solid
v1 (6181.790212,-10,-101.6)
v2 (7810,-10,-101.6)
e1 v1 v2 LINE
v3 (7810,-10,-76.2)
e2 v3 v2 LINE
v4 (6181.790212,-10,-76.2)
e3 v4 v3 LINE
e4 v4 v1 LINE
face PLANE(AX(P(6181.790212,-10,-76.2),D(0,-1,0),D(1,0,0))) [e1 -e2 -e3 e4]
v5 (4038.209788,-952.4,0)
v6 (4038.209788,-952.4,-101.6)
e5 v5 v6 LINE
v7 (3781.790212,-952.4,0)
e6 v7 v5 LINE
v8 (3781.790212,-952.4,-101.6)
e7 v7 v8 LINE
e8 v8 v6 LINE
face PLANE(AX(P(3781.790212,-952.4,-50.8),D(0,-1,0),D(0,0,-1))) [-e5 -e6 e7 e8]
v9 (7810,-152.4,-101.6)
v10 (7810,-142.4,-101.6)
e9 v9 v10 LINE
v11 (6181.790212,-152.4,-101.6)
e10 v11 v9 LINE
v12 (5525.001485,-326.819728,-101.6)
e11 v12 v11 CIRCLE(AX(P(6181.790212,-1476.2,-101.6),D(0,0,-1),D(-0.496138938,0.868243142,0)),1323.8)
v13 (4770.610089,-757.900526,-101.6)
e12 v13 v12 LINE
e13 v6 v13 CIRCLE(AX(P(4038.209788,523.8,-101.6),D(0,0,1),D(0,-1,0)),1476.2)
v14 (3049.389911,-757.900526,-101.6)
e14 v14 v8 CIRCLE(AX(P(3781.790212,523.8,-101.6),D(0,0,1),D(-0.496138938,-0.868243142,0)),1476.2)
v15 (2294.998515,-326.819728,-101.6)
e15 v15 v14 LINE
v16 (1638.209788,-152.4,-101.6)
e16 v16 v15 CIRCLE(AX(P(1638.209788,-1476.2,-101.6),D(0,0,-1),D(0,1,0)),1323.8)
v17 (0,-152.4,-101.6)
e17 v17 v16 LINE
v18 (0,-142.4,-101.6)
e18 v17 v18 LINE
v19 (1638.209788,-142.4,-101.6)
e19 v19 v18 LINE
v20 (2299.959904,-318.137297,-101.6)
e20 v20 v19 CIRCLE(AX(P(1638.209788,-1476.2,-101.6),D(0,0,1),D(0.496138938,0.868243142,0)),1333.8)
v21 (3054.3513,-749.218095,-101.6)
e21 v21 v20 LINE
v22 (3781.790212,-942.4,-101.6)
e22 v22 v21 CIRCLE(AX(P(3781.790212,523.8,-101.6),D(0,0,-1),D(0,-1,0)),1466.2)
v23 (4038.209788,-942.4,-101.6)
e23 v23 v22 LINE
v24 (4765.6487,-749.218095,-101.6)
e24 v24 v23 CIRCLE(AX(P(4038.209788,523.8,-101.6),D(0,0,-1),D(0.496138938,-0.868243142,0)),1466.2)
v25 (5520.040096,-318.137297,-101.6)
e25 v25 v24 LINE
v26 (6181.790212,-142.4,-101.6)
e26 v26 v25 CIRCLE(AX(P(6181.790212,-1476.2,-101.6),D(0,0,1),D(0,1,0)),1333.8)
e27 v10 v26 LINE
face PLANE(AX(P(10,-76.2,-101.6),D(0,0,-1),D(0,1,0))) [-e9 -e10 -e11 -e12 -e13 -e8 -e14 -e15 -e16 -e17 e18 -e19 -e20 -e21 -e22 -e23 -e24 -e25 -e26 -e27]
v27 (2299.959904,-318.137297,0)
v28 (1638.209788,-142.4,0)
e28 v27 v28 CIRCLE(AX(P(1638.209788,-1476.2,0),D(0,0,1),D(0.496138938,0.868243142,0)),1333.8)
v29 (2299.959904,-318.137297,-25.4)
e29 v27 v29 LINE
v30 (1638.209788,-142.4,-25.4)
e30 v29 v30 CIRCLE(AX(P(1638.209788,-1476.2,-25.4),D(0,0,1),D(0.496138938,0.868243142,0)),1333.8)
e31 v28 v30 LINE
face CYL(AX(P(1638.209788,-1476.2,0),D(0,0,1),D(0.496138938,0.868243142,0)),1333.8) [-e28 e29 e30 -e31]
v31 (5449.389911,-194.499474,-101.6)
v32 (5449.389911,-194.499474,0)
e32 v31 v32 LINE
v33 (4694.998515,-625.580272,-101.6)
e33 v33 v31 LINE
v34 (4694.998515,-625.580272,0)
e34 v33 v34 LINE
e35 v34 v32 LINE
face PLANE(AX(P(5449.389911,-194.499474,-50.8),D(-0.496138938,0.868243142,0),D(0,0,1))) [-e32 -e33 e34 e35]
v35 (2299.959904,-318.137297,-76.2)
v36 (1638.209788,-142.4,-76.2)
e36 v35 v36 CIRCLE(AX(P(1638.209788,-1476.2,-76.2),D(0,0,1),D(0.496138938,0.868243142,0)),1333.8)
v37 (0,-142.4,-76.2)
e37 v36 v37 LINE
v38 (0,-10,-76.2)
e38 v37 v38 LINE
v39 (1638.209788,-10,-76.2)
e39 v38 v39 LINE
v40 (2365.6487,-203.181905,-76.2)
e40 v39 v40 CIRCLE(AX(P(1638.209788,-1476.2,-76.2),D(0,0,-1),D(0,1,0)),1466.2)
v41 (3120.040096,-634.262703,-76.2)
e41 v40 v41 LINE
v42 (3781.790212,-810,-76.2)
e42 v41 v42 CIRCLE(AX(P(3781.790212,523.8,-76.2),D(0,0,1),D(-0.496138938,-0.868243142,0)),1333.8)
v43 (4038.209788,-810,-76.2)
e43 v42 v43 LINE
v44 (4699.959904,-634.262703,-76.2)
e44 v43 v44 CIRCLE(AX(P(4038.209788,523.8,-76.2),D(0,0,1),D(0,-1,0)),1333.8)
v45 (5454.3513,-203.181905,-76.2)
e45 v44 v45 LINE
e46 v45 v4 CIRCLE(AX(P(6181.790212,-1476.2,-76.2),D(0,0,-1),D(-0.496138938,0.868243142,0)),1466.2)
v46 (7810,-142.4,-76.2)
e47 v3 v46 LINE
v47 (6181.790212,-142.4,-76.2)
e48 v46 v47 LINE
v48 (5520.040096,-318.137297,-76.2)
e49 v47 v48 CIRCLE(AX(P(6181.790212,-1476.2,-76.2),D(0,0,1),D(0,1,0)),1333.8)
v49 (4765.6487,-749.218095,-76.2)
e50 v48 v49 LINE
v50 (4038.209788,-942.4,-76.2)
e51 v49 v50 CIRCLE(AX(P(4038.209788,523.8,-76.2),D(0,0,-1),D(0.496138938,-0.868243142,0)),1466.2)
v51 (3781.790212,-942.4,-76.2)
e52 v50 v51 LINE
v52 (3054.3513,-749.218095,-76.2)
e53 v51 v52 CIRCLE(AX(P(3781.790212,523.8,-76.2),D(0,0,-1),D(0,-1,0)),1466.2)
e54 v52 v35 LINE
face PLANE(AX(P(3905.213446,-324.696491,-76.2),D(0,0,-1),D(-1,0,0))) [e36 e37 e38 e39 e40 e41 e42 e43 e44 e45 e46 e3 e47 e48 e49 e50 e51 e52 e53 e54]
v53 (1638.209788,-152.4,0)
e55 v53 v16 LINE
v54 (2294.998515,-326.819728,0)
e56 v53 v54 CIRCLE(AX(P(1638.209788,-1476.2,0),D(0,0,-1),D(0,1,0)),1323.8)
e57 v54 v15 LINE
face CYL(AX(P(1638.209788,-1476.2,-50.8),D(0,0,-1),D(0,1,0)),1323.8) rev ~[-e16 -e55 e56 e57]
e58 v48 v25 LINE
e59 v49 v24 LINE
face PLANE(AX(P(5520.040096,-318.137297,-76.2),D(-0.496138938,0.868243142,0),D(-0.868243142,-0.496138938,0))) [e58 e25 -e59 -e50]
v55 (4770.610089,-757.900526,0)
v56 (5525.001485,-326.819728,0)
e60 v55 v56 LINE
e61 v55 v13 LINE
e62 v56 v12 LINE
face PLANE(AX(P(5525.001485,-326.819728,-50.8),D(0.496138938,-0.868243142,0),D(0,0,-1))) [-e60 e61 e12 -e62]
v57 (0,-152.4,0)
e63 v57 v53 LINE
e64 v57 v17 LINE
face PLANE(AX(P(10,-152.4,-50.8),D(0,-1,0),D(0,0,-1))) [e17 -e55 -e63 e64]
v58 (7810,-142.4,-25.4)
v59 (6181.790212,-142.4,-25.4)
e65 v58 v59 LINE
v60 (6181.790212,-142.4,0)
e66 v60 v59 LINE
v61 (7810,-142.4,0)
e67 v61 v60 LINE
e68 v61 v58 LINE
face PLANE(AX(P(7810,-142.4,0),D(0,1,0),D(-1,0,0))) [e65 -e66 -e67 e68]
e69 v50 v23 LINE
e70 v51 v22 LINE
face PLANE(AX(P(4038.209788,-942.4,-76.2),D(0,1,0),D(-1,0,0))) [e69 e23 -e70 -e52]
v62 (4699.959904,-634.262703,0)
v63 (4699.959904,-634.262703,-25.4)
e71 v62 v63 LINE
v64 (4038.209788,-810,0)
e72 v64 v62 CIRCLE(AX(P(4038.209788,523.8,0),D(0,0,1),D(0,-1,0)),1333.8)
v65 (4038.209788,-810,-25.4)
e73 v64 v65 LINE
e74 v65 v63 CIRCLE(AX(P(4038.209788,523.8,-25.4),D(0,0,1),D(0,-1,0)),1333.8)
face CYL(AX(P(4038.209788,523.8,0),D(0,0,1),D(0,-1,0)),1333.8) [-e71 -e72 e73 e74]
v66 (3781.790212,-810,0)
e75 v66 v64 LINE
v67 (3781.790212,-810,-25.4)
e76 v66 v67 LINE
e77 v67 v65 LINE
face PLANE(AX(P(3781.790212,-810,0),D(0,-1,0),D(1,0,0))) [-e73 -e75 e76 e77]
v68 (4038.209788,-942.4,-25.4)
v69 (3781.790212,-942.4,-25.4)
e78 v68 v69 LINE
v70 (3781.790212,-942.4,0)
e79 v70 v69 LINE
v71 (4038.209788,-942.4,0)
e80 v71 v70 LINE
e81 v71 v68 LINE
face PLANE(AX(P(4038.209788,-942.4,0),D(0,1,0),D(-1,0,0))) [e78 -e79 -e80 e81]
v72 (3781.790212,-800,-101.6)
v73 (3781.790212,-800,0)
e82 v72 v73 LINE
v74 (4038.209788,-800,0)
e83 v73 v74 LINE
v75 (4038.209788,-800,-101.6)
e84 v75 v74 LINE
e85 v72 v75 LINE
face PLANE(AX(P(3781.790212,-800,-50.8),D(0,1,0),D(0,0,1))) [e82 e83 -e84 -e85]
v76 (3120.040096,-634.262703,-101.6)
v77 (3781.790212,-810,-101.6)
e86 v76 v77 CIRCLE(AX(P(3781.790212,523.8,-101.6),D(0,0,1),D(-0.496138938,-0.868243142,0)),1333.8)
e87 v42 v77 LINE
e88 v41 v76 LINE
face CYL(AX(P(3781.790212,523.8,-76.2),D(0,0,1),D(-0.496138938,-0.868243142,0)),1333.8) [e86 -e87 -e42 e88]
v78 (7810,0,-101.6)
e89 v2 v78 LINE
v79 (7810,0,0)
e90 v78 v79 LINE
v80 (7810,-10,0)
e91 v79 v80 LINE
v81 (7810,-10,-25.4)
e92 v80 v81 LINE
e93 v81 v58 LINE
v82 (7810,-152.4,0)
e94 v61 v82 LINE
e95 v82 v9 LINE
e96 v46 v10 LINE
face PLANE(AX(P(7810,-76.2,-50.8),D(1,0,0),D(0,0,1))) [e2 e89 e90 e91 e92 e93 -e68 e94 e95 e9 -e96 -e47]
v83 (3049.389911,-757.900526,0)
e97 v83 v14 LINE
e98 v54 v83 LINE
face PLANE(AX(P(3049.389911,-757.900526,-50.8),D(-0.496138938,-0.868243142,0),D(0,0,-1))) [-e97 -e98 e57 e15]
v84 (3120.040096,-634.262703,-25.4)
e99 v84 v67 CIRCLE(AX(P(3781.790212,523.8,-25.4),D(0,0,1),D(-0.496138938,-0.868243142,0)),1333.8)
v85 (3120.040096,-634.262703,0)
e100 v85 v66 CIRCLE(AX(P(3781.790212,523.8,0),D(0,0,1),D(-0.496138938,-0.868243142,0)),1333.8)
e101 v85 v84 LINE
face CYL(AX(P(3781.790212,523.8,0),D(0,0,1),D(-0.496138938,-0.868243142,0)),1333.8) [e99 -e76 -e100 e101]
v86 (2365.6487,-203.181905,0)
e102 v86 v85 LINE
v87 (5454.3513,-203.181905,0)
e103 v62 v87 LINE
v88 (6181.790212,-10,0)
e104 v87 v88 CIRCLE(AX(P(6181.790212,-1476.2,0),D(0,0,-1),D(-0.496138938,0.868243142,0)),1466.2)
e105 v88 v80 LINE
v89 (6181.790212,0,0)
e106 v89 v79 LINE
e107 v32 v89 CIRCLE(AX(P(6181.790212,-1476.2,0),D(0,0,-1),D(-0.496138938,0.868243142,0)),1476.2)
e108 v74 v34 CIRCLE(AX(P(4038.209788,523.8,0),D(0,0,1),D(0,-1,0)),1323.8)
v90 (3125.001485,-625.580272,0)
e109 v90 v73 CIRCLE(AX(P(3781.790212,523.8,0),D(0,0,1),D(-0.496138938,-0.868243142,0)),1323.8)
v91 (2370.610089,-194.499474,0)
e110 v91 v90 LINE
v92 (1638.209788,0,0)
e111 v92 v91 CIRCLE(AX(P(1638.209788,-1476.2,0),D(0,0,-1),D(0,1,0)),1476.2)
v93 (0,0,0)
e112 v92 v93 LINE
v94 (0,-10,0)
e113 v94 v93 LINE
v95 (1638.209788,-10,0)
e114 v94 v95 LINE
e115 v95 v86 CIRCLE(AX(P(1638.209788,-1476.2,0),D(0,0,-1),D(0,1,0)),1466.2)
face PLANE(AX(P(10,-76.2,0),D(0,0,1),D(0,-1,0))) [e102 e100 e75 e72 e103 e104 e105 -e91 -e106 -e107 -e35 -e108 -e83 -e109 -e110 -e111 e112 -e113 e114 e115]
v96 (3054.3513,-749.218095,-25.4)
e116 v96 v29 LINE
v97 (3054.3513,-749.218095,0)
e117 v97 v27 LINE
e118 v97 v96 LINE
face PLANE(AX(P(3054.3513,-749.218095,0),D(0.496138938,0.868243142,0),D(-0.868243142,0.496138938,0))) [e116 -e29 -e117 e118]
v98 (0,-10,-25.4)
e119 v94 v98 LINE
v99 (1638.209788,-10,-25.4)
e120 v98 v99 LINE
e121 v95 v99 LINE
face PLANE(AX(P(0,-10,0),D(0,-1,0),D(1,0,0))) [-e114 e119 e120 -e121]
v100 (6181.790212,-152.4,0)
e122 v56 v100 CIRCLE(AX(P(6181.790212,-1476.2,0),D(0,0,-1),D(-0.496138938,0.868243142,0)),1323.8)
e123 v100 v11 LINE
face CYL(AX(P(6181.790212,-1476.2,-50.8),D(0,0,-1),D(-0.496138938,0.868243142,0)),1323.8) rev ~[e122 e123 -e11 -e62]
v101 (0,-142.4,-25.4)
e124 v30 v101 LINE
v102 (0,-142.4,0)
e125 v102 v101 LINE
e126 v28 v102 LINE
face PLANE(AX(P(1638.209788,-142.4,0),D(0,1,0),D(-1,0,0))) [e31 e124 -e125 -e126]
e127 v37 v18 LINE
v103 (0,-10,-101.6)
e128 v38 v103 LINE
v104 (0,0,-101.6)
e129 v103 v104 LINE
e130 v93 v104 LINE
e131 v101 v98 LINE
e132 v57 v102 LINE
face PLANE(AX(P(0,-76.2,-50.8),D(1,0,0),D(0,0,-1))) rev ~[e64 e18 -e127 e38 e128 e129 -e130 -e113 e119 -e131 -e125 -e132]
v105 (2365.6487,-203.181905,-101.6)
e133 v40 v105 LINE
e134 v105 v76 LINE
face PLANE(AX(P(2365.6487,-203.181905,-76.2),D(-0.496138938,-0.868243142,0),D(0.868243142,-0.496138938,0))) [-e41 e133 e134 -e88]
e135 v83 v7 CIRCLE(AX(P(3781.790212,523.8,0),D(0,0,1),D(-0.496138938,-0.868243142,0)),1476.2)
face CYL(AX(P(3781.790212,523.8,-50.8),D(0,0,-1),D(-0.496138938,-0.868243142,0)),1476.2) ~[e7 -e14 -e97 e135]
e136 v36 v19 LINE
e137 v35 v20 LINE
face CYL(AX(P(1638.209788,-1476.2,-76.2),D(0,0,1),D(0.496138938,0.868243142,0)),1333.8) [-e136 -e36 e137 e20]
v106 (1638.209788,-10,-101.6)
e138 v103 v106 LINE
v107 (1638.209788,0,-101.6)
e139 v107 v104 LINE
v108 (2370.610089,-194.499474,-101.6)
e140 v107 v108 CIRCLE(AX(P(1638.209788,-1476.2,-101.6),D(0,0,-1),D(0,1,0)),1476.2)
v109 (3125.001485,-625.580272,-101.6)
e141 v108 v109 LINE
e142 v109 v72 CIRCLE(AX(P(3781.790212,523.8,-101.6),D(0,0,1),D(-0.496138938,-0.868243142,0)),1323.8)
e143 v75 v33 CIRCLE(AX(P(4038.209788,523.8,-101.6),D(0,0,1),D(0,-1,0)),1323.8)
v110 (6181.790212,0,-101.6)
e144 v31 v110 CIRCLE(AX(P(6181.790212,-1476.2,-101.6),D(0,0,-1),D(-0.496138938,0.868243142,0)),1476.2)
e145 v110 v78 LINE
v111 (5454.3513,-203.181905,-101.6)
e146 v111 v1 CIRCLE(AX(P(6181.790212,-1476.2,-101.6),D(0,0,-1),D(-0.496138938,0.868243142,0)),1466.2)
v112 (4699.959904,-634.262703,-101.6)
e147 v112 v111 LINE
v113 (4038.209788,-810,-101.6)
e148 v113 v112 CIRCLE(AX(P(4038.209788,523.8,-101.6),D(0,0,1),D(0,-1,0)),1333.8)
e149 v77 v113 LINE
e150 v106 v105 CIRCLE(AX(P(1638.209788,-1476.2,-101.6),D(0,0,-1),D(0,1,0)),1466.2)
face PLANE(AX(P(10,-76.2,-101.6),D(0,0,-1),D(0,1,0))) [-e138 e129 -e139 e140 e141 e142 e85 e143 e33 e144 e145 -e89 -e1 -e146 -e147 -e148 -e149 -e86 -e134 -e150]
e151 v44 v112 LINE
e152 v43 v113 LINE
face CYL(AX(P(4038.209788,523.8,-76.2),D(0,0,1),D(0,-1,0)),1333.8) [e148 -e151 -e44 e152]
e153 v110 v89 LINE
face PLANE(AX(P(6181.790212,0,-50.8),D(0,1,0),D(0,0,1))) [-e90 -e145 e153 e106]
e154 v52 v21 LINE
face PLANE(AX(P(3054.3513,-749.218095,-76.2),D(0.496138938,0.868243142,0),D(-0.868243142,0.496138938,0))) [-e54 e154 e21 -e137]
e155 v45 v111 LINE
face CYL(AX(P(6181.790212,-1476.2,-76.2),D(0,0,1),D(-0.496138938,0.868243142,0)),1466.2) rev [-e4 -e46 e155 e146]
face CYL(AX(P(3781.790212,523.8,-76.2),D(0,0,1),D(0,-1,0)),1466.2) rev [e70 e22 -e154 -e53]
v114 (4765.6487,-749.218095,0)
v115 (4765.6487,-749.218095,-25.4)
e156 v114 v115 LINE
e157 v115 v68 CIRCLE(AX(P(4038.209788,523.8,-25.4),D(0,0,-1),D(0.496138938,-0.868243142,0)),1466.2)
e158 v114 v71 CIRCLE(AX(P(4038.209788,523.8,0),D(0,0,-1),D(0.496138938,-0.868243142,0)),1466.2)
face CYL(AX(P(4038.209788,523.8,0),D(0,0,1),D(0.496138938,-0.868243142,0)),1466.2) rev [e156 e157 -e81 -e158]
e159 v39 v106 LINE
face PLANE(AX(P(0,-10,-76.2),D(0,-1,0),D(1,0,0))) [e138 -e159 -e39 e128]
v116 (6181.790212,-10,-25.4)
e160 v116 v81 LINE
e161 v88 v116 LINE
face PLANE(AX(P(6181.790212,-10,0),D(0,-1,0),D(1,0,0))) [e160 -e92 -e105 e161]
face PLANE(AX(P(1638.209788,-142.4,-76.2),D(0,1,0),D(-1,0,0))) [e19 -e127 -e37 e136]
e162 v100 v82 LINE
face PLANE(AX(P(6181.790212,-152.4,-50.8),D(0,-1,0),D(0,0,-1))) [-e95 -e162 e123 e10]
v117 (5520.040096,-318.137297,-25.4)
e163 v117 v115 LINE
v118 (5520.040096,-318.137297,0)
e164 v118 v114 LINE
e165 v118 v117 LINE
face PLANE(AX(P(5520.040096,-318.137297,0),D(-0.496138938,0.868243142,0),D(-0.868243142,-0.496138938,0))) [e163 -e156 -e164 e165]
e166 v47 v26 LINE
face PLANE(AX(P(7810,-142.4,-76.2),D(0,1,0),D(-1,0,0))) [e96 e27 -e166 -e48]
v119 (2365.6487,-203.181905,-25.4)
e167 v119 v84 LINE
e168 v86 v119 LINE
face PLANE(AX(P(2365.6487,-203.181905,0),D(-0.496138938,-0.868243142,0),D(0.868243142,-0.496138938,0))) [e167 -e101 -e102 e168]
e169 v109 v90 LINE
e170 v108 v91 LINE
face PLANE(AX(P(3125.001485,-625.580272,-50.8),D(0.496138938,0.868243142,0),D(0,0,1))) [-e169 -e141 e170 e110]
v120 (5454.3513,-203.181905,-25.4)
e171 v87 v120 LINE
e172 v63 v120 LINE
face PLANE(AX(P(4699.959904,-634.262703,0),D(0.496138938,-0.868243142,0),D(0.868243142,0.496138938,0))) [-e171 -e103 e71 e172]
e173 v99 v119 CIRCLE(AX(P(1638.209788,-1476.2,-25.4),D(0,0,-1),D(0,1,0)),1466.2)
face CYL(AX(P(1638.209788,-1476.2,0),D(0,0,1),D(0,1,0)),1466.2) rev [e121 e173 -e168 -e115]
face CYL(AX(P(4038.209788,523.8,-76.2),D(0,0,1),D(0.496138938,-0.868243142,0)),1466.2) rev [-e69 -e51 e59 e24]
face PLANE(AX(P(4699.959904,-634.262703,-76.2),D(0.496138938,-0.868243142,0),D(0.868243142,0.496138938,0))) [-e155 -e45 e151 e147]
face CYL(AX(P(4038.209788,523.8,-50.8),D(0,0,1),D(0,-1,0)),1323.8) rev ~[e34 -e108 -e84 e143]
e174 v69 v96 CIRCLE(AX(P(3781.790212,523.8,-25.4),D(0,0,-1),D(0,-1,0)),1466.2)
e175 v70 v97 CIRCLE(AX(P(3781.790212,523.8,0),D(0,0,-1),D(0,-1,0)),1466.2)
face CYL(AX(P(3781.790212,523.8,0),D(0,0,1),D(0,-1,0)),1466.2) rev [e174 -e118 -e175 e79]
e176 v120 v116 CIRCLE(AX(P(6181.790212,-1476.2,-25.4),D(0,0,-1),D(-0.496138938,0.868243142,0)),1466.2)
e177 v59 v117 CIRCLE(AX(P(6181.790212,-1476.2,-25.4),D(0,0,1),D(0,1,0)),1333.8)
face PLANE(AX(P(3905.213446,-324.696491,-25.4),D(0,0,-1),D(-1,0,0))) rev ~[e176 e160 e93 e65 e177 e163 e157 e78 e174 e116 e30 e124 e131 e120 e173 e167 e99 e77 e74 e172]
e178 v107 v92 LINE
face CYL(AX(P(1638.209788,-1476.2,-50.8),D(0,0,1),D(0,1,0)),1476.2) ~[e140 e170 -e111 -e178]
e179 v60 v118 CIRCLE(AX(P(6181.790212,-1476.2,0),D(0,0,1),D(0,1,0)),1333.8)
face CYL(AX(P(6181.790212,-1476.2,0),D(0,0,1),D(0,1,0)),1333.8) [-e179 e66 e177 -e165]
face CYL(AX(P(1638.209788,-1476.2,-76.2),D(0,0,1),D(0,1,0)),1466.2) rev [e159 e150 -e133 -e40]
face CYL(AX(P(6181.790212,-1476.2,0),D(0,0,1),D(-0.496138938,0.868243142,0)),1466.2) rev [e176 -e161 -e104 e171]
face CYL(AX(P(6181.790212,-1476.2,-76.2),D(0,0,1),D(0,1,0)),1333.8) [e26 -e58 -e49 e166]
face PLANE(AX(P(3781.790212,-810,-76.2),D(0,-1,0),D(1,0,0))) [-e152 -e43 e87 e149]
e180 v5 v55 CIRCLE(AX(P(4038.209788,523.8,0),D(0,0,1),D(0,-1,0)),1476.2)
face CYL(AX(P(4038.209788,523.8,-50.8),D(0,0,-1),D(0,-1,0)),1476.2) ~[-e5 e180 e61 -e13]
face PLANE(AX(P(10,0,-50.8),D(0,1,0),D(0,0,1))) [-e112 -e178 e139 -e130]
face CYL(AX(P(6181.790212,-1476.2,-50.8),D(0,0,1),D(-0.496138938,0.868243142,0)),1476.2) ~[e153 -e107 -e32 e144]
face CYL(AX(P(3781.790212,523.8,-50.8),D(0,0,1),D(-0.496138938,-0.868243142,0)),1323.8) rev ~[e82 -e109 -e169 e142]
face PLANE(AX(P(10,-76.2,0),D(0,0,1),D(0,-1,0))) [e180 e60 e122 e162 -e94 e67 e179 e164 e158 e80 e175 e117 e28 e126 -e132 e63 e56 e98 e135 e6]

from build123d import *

# Parameters (mm, degrees)
CROQUIS2_W              = 101.6
CROQUIS2_H              = 152.4
SALIENTE_EXTRUIR1_DEPTH = 10
CROQUIS4_W              = 101.6
CROQUIS4_H              = 152.4
CORTAR_EXTRUIR2_DEPTH   = 25.4
CORTAR_EXTRUIR3_START   = -25.4
CORTAR_EXTRUIR3_DEPTH   = 25.4


with BuildPart() as part:
    # Croquis2 → Saliente-Extruir1 (new body)
    with BuildSketch(Plane(origin=(0, 0, 0), x_dir=(0, 0, -1), z_dir=(1, 0, 0))):
        with Locations((50.8, -76.2)):
            Rectangle(CROQUIS2_W, CROQUIS2_H)
    extrude(amount=SALIENTE_EXTRUIR1_DEPTH)

    # Barrer1: sweep along a curve in space
    with BuildLine() as barrer1_path:
        Line((10, -76.2, -50.8), (1638.209788096, -76.2, -50.8))
        ThreePointArc((1638.209788096, -76.2, -50.8), (1997.544897315, -123.100491729, -50.8), (2332.804301795, -260.659601026, -50.8))
        Line((3087.195698205, -691.740398974, -50.8), (2332.804301795, -260.659601026, -50.8))
        ThreePointArc((3087.195698205, -691.740398974, -50.8), (3422.455102685, -829.299508271, -50.8), (3781.790211904, -876.2, -50.8))
        Line((3781.790211904, -876.2, -50.8), (4038.209788096, -876.2, -50.8))
        ThreePointArc((4038.209788096, -876.2, -50.8), (4397.544897315, -829.299508271, -50.8), (4732.804301795, -691.740398974, -50.8))
        Line((5487.195698205, -260.659601026, -50.8), (4732.804301795, -691.740398974, -50.8))
        ThreePointArc((5487.195698205, -260.659601026, -50.8), (5822.455102685, -123.100491729, -50.8), (6181.790211904, -76.2, -50.8))
        Line((6181.790211904, -76.2, -50.8), (7810, -76.2, -50.8))
    # Croquis4 → Barrer1 (sweep)
    with BuildSketch(Plane(origin=(10, 0, 0), x_dir=(0, 0, -1), z_dir=(1, 0, 0))):
        with Locations((50.8, -76.2)):
            Rectangle(CROQUIS4_W, CROQUIS4_H)
    sweep(path=barrer1_path.line)

    # Croquis6 → Cortar-Extruir2 (cut)
    with BuildSketch(Plane.XY):
        with BuildLine():
            Line((1638.209788096, -142.4), (10, -142.4))
            Line((10, -142.4), (0, -142.4))
            Line((0, -142.4), (0, -10))
            Line((0, -10), (10, -10))
            Line((10, -10), (1638.209788096, -10))
            ThreePointArc((1638.209788096, -10), (2014.536314623, -59.118214981), (2365.648699514, -203.181905017))
            Line((2365.648699514, -203.181905017), (3120.040095924, -634.262702966))
            ThreePointArc((3120.040095924, -634.262702966), (3439.446519992, -765.317231522), (3781.790211905, -810))
            Line((3781.790211905, -810), (4038.209788096, -810))
            ThreePointArc((4038.209788096, -810), (4380.553480008, -765.317231522), (4699.959904076, -634.262702966))
            Line((4699.959904076, -634.262702966), (5454.351300486, -203.181905017))
            ThreePointArc((5454.351300486, -203.181905017), (5805.463685377, -59.118214981), (6181.790211904, -10))
            Line((6181.790211904, -10), (7800, -10))
            Line((7800, -10), (7810, -10))
            Line((7810, -10), (7810, -142.4))
            Line((7810, -142.4), (7800, -142.4))
            Line((7800, -142.4), (6181.790211904, -142.4))
            ThreePointArc((6181.790211904, -142.4), (5839.446519992, -187.082768478), (5520.040095924, -318.137297034))
            Line((5520.040095924, -318.137297034), (4765.648699514, -749.218094983))
            ThreePointArc((4765.648699514, -749.218094983), (4414.536314623, -893.281785019), (4038.209788096, -942.4))
            Line((4038.209788096, -942.4), (3781.790211905, -942.4))
            ThreePointArc((3781.790211905, -942.4), (3405.463685377, -893.281785019), (3054.351300486, -749.218094983))
            Line((3054.351300486, -749.218094983), (2299.959904076, -318.137297034))
            ThreePointArc((2299.959904076, -318.137297034), (1980.553480008, -187.082768478), (1638.209788096, -142.4))
        make_face()
    extrude(amount=-CORTAR_EXTRUIR2_DEPTH, mode=Mode.SUBTRACT)

    # Croquis7 → Cortar-Extruir3 (cut)
    with BuildSketch(Plane(origin=(0, 0, -101.6), x_dir=(-1, 0, 0), z_dir=(0, 0, -1)).offset(CORTAR_EXTRUIR3_START)):
        with BuildLine():
            Line((0, -10), (-1638.209788096, -10))
            ThreePointArc((-1638.209788096, -10), (-2014.536314623, -59.118214981), (-2365.648699514, -203.181905017))
            Line((-2365.648699514, -203.181905017), (-3120.040095924, -634.262702966))
            ThreePointArc((-3120.040095924, -634.262702966), (-3439.446519992, -765.317231522), (-3781.790211904, -810))
            Line((-3781.790211904, -810), (-4038.209788096, -810))
            ThreePointArc((-4038.209788096, -810), (-4380.553480008, -765.317231522), (-4699.959904076, -634.262702966))
            Line((-4699.959904076, -634.262702966), (-5454.351300486, -203.181905017))
            ThreePointArc((-5454.351300486, -203.181905017), (-5805.463685377, -59.118214981), (-6181.790211904, -10))
            Line((-6181.790211904, -10), (-7810, -10))
            Line((-7810, -10), (-7810, -142.4))
            Line((-7810, -142.4), (-6181.790211904, -142.4))
            ThreePointArc((-6181.790211904, -142.4), (-5839.446519992, -187.082768478), (-5520.040095924, -318.137297034))
            Line((-5520.040095924, -318.137297034), (-4765.648699514, -749.218094983))
            ThreePointArc((-4765.648699514, -749.218094983), (-4414.536314623, -893.281785019), (-4038.209788096, -942.4))
            Line((-4038.209788096, -942.4), (-3781.790211905, -942.4))
            ThreePointArc((-3781.790211905, -942.4), (-3405.463685377, -893.281785019), (-3054.351300486, -749.218094983))
            Line((-3054.351300486, -749.218094983), (-2299.959904076, -318.137297034))
            ThreePointArc((-2299.959904076, -318.137297034), (-1980.553480008, -187.082768478), (-1638.209788096, -142.4))
            Line((-1638.209788096, -142.4), (0, -142.4))
            Line((0, -142.4), (0, -10))
        make_face()
    extrude(amount=CORTAR_EXTRUIR3_DEPTH, mode=Mode.SUBTRACT)


solid = part.part
